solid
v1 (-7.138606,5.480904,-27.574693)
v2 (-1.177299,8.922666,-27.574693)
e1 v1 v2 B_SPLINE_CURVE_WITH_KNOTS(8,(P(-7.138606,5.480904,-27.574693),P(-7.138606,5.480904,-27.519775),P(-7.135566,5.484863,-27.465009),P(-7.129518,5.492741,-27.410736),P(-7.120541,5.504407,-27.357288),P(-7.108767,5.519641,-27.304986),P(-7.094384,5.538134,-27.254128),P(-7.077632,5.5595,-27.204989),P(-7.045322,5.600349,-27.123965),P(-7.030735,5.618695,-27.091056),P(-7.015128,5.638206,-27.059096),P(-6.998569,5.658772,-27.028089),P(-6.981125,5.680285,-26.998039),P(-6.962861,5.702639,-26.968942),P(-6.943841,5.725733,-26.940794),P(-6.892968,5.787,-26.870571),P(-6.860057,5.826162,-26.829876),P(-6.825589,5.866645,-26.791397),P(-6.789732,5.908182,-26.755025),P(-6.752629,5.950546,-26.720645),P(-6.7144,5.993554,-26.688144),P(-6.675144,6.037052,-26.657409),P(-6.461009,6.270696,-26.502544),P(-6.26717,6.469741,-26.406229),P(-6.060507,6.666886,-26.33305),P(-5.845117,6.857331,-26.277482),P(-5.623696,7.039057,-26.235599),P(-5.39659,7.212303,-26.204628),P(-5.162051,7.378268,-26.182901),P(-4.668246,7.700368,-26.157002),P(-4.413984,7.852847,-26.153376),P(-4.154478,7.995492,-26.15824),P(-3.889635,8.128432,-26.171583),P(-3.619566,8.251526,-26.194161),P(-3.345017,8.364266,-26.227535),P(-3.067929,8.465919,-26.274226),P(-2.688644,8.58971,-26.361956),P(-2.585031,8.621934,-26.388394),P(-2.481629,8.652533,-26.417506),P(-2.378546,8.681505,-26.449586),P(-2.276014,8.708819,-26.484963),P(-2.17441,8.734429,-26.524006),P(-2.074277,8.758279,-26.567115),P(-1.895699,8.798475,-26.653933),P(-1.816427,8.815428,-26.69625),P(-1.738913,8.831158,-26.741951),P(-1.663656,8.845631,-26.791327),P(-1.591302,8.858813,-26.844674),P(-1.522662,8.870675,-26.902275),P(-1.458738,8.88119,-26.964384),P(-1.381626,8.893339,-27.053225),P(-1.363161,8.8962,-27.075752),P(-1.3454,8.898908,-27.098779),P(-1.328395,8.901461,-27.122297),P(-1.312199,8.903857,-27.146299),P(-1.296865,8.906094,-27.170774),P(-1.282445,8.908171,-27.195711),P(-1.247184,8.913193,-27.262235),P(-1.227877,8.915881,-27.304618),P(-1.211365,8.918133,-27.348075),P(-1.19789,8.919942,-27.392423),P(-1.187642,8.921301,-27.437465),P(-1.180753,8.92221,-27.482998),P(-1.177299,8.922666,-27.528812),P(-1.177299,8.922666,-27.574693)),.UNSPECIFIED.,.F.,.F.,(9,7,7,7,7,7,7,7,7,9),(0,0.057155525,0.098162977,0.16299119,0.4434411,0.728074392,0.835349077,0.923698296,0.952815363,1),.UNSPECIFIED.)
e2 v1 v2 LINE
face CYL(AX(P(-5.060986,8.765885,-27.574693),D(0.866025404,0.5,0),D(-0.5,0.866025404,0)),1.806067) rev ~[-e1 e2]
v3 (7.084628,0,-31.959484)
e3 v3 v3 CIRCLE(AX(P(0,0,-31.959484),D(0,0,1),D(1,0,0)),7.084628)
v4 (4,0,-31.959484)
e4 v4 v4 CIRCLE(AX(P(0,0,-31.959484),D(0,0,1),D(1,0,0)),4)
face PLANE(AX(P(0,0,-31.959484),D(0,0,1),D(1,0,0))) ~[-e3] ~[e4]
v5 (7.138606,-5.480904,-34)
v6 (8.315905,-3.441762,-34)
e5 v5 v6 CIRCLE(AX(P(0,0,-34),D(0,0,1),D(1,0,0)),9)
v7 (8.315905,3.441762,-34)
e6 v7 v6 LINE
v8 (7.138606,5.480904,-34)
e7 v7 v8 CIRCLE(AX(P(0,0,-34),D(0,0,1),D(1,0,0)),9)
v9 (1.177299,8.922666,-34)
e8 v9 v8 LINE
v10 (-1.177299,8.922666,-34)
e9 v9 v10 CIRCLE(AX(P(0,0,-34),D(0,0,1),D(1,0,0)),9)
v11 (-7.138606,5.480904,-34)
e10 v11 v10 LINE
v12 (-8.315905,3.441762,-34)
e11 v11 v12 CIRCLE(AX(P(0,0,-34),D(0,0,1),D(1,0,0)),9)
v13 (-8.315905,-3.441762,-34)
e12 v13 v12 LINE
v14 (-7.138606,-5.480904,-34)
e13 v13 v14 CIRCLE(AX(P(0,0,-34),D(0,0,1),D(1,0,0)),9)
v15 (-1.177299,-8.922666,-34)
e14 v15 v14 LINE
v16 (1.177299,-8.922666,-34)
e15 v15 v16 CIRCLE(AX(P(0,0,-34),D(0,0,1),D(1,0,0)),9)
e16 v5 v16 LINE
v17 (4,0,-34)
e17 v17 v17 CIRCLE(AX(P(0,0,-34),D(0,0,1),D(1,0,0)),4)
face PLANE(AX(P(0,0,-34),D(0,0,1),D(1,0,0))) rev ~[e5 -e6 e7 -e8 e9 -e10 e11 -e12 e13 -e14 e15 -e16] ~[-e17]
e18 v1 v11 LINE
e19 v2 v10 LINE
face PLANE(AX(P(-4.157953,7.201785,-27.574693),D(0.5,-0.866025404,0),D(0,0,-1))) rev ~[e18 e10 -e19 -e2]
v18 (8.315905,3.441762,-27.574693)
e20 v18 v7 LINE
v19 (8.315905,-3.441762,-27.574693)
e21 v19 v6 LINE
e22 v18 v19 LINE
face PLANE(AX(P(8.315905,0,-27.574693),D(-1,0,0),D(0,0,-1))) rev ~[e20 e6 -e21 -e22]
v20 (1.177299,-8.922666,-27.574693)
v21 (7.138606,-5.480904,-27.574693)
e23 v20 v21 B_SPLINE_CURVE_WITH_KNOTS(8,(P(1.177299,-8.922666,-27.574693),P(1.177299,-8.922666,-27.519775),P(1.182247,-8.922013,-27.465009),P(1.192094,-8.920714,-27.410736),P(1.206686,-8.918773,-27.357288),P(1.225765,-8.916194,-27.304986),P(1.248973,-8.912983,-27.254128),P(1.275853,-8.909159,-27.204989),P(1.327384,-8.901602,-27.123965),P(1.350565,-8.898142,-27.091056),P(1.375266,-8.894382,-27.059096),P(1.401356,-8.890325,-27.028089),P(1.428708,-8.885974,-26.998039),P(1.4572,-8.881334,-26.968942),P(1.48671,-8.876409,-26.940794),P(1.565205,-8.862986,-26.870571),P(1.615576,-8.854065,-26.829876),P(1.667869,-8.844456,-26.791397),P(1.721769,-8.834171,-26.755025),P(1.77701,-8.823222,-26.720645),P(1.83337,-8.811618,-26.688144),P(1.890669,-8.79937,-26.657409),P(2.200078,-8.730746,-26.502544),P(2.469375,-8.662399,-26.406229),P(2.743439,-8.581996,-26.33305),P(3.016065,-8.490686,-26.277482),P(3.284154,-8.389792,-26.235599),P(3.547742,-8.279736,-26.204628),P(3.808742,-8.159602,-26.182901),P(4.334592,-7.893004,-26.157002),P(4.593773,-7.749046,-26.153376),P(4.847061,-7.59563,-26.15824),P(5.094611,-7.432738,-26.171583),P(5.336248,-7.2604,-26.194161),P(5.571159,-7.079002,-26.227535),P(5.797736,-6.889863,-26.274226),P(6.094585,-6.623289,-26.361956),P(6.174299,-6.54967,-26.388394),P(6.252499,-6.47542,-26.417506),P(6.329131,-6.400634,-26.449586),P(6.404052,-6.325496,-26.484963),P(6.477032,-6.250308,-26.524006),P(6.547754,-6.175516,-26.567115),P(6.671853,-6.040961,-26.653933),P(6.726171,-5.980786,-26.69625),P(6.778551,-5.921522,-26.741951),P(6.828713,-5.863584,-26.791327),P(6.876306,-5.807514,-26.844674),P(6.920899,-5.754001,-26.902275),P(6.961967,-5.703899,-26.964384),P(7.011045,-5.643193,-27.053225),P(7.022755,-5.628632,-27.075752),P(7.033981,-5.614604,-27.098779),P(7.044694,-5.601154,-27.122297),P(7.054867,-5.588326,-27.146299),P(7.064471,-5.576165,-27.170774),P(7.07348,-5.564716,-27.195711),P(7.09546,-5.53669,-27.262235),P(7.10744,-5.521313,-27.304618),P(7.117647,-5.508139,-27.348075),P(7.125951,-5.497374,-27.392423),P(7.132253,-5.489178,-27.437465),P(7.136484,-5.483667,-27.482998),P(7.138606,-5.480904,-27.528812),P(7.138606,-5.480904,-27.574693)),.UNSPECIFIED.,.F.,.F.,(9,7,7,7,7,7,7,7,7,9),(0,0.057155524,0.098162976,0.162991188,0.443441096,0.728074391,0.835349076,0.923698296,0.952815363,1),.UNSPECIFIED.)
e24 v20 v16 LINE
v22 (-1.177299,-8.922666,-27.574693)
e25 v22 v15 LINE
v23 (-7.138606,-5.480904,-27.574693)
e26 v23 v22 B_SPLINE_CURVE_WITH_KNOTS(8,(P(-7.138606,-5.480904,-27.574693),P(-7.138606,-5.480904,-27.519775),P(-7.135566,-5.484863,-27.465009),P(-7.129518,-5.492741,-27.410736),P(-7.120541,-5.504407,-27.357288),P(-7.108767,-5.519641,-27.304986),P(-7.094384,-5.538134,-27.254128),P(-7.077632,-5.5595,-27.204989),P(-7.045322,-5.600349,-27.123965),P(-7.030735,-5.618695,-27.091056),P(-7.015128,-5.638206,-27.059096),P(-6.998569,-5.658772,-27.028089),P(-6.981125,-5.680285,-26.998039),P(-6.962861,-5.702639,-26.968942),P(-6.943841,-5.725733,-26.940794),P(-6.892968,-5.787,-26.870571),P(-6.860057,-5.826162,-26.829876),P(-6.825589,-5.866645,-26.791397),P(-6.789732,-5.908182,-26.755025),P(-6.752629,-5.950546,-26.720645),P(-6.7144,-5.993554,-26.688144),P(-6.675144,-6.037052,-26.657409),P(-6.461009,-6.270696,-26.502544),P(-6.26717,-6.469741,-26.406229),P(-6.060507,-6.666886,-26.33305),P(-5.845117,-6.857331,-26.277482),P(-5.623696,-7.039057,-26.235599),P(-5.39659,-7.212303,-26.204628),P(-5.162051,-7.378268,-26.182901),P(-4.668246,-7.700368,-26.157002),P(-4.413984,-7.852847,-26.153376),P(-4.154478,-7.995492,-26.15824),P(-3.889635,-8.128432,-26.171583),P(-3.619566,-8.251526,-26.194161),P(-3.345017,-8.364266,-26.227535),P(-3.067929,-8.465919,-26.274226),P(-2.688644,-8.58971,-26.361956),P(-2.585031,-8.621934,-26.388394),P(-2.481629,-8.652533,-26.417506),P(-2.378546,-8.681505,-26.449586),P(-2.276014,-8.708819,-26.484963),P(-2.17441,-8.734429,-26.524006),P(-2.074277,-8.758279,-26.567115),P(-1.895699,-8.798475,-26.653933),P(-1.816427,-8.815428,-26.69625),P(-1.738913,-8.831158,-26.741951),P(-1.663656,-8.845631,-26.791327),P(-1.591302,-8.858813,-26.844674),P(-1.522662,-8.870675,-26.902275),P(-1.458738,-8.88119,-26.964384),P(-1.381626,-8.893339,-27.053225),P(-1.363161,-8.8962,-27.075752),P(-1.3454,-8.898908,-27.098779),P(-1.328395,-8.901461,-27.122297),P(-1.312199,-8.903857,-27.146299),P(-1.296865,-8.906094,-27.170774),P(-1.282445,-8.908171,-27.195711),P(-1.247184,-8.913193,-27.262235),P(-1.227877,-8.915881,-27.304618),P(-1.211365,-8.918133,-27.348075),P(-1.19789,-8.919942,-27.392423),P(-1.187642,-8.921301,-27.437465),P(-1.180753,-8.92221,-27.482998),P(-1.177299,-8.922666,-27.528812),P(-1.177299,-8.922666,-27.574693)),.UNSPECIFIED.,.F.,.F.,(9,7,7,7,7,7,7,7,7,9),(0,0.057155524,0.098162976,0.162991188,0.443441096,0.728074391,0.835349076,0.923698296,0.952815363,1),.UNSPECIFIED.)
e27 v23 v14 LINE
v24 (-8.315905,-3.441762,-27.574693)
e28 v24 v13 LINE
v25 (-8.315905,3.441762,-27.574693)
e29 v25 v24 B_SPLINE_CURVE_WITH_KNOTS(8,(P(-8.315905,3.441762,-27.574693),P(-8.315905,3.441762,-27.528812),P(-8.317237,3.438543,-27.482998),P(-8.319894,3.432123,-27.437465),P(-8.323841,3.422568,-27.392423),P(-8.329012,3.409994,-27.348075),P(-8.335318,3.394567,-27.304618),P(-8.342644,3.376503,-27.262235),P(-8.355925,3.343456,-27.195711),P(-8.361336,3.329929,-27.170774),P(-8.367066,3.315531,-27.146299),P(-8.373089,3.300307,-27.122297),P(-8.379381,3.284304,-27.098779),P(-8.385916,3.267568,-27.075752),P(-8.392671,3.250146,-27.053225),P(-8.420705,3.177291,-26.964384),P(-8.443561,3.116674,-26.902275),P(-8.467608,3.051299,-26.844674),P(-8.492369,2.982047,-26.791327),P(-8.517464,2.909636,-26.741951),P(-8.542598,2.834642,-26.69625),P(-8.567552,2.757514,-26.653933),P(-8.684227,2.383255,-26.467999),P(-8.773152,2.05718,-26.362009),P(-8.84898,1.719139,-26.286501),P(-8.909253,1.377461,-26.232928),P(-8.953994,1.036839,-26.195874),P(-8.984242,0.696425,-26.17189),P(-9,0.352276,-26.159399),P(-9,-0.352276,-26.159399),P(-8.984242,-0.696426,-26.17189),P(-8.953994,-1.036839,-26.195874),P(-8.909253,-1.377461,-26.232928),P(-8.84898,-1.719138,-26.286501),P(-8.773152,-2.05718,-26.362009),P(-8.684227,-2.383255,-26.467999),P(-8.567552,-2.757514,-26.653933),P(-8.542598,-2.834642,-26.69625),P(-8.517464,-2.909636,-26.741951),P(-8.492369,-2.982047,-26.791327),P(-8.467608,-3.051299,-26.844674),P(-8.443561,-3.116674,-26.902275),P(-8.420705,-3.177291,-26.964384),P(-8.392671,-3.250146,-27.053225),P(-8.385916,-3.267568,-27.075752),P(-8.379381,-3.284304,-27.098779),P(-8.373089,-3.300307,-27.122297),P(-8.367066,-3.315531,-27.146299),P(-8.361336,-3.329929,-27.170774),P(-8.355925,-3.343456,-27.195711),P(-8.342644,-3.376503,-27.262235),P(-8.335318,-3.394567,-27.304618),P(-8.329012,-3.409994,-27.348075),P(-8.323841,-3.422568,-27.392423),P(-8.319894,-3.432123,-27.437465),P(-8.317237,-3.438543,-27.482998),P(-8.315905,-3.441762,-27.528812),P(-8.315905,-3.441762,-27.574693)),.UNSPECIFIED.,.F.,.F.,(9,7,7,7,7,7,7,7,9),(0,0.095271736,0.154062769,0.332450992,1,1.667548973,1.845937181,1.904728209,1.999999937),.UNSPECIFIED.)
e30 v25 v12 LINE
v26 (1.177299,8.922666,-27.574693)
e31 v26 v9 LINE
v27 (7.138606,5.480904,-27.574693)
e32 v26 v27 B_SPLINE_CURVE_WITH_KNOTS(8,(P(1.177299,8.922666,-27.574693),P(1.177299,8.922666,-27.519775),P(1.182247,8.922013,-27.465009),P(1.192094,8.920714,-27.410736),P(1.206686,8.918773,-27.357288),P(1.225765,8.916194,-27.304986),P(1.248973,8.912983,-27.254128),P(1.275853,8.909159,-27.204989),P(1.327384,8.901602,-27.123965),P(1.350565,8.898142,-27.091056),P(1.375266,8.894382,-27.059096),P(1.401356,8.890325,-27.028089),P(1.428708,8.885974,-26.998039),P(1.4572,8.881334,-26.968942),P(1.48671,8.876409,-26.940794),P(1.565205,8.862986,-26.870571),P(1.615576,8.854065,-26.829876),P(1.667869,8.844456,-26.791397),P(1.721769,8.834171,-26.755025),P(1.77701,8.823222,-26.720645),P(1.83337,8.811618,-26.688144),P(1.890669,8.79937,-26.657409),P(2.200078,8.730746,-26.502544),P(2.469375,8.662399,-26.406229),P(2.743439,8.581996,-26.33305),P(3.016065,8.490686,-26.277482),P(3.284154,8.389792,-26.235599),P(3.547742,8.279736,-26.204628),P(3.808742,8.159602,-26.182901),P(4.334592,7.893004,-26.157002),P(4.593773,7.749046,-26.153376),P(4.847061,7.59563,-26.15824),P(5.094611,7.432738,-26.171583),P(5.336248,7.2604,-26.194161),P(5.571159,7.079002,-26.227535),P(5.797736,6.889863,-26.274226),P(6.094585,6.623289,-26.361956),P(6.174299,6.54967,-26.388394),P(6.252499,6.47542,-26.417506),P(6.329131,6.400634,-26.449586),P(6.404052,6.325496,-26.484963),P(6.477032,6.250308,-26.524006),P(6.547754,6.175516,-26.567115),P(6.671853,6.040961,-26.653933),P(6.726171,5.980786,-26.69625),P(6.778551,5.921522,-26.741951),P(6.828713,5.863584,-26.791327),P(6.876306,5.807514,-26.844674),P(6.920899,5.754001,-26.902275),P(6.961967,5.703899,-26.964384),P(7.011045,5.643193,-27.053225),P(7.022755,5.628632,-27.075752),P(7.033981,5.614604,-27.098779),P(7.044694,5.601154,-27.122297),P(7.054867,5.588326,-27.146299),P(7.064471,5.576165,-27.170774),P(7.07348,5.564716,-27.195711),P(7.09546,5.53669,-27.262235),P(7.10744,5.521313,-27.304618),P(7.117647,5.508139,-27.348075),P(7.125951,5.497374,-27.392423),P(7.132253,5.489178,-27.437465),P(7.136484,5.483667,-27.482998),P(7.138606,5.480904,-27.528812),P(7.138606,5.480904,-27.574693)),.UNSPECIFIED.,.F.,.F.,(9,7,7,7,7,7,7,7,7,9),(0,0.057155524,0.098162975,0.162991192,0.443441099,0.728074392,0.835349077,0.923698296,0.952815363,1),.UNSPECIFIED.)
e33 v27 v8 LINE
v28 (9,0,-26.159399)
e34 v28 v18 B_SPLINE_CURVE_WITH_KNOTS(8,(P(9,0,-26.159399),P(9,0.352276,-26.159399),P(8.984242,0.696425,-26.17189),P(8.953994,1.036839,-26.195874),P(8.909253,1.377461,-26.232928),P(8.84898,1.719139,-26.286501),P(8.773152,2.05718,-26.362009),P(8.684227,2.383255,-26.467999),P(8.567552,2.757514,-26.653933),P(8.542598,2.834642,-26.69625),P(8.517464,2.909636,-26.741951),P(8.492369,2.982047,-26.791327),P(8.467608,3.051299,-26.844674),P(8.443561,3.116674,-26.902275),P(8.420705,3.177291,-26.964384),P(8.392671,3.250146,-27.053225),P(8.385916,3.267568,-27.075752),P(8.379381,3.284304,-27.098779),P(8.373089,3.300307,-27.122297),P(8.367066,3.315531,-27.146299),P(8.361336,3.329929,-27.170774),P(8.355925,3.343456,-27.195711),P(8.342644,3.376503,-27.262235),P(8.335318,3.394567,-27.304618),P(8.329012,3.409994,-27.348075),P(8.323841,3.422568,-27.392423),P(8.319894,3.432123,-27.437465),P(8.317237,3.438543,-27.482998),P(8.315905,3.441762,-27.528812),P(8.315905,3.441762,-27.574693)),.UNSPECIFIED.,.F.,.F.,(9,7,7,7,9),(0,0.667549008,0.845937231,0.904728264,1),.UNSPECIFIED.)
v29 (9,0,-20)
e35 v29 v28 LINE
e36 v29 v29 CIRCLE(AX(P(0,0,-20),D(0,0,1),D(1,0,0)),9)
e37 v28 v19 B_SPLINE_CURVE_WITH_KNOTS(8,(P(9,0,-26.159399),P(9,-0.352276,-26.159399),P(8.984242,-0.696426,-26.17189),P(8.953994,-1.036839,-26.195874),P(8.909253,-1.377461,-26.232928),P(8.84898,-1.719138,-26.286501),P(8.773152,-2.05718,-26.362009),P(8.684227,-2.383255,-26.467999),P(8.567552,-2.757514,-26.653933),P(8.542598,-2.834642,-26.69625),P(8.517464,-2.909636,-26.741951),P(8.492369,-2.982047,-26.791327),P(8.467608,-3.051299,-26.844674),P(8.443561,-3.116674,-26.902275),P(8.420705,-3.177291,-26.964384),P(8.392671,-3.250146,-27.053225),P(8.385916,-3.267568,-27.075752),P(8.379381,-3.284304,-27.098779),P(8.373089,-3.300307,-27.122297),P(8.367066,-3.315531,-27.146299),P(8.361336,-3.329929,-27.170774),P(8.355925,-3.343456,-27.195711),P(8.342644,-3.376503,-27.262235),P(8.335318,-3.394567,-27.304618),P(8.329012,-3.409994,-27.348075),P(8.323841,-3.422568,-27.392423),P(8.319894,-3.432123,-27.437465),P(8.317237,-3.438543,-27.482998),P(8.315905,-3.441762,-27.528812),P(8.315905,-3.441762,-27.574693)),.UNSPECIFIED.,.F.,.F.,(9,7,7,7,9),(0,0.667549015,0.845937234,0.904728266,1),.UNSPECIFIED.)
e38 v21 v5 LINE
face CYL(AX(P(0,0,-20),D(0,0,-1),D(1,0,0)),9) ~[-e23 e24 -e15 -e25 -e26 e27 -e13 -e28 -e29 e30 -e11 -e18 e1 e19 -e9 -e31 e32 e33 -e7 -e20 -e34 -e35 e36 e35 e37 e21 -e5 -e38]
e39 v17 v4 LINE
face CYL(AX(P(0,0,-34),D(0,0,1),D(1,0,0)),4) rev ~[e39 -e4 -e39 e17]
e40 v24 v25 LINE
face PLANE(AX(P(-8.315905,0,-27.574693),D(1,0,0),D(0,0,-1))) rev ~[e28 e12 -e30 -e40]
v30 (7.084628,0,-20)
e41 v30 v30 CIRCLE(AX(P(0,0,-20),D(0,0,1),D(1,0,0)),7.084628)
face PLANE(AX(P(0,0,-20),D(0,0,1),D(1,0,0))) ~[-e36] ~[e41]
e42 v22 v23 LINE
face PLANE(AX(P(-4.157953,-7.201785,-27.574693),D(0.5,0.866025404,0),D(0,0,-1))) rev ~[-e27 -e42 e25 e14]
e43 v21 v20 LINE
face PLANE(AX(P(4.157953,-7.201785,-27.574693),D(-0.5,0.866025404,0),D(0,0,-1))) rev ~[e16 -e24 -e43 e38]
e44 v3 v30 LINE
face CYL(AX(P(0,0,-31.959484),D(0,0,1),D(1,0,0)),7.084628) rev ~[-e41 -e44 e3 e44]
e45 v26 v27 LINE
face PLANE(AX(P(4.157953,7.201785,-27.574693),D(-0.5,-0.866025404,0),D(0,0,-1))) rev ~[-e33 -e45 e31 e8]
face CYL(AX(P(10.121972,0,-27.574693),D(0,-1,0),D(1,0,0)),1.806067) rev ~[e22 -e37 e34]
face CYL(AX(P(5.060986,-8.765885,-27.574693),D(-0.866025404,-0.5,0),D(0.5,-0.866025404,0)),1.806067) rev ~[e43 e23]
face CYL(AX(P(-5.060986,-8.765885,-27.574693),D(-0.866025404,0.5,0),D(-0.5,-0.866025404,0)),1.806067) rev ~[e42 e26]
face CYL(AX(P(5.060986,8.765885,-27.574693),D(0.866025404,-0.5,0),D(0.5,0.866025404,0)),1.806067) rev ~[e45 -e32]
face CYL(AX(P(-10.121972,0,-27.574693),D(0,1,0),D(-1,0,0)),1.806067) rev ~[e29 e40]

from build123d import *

# Parameters (mm, degrees)
POCKET003_DEPTH    = 10
POLARPATTERN_COUNT = 6


with BuildPart() as part:
    # Sketch012 → Revolution001 (revolve)
    with BuildSketch(Plane.XZ):
        Polygon((4, 0), (4, 2.040516), (7.084628, 2.040516), (7.084628, 14), (9, 14), (9, 0), align=None)
    revolve(axis=Axis((0, 0, 0), (0, 0, 1)))

    # Sketch013 → Pocket003 (cut, symmetric)
    with BuildSketch(Plane.XZ):
        with BuildLine():
            ThreePointArc((11.928039, 6.425307), (10.121972, 8.231374), (8.315905, 6.425307))
            Line((8.315905, 6.425307), (8.315905, -3.082439))
            ThreePointArc((8.315905, -3.082439), (10.121972, -4.888506), (11.928039, -3.082439))
            Line((11.928039, 6.425307), (11.928039, -3.082439))
        make_face()
    pocket003 = extrude(amount=POCKET003_DEPTH, both=True, mode=Mode.SUBTRACT)

    # PolarPattern: Pocket003 ×6 about axis
    polarpattern_axis = Axis((0, 0, 0), (0, 0, 1))
    for i in range(1, POLARPATTERN_COUNT):
        add(pocket003.rotate(polarpattern_axis, i * 360 / POLARPATTERN_COUNT), mode=Mode.SUBTRACT)


with BuildPart() as part_1:
    # Body006 placement: moved
    add(part.part.moved(Location((0, 0, -34))))


solid = part_1.part
